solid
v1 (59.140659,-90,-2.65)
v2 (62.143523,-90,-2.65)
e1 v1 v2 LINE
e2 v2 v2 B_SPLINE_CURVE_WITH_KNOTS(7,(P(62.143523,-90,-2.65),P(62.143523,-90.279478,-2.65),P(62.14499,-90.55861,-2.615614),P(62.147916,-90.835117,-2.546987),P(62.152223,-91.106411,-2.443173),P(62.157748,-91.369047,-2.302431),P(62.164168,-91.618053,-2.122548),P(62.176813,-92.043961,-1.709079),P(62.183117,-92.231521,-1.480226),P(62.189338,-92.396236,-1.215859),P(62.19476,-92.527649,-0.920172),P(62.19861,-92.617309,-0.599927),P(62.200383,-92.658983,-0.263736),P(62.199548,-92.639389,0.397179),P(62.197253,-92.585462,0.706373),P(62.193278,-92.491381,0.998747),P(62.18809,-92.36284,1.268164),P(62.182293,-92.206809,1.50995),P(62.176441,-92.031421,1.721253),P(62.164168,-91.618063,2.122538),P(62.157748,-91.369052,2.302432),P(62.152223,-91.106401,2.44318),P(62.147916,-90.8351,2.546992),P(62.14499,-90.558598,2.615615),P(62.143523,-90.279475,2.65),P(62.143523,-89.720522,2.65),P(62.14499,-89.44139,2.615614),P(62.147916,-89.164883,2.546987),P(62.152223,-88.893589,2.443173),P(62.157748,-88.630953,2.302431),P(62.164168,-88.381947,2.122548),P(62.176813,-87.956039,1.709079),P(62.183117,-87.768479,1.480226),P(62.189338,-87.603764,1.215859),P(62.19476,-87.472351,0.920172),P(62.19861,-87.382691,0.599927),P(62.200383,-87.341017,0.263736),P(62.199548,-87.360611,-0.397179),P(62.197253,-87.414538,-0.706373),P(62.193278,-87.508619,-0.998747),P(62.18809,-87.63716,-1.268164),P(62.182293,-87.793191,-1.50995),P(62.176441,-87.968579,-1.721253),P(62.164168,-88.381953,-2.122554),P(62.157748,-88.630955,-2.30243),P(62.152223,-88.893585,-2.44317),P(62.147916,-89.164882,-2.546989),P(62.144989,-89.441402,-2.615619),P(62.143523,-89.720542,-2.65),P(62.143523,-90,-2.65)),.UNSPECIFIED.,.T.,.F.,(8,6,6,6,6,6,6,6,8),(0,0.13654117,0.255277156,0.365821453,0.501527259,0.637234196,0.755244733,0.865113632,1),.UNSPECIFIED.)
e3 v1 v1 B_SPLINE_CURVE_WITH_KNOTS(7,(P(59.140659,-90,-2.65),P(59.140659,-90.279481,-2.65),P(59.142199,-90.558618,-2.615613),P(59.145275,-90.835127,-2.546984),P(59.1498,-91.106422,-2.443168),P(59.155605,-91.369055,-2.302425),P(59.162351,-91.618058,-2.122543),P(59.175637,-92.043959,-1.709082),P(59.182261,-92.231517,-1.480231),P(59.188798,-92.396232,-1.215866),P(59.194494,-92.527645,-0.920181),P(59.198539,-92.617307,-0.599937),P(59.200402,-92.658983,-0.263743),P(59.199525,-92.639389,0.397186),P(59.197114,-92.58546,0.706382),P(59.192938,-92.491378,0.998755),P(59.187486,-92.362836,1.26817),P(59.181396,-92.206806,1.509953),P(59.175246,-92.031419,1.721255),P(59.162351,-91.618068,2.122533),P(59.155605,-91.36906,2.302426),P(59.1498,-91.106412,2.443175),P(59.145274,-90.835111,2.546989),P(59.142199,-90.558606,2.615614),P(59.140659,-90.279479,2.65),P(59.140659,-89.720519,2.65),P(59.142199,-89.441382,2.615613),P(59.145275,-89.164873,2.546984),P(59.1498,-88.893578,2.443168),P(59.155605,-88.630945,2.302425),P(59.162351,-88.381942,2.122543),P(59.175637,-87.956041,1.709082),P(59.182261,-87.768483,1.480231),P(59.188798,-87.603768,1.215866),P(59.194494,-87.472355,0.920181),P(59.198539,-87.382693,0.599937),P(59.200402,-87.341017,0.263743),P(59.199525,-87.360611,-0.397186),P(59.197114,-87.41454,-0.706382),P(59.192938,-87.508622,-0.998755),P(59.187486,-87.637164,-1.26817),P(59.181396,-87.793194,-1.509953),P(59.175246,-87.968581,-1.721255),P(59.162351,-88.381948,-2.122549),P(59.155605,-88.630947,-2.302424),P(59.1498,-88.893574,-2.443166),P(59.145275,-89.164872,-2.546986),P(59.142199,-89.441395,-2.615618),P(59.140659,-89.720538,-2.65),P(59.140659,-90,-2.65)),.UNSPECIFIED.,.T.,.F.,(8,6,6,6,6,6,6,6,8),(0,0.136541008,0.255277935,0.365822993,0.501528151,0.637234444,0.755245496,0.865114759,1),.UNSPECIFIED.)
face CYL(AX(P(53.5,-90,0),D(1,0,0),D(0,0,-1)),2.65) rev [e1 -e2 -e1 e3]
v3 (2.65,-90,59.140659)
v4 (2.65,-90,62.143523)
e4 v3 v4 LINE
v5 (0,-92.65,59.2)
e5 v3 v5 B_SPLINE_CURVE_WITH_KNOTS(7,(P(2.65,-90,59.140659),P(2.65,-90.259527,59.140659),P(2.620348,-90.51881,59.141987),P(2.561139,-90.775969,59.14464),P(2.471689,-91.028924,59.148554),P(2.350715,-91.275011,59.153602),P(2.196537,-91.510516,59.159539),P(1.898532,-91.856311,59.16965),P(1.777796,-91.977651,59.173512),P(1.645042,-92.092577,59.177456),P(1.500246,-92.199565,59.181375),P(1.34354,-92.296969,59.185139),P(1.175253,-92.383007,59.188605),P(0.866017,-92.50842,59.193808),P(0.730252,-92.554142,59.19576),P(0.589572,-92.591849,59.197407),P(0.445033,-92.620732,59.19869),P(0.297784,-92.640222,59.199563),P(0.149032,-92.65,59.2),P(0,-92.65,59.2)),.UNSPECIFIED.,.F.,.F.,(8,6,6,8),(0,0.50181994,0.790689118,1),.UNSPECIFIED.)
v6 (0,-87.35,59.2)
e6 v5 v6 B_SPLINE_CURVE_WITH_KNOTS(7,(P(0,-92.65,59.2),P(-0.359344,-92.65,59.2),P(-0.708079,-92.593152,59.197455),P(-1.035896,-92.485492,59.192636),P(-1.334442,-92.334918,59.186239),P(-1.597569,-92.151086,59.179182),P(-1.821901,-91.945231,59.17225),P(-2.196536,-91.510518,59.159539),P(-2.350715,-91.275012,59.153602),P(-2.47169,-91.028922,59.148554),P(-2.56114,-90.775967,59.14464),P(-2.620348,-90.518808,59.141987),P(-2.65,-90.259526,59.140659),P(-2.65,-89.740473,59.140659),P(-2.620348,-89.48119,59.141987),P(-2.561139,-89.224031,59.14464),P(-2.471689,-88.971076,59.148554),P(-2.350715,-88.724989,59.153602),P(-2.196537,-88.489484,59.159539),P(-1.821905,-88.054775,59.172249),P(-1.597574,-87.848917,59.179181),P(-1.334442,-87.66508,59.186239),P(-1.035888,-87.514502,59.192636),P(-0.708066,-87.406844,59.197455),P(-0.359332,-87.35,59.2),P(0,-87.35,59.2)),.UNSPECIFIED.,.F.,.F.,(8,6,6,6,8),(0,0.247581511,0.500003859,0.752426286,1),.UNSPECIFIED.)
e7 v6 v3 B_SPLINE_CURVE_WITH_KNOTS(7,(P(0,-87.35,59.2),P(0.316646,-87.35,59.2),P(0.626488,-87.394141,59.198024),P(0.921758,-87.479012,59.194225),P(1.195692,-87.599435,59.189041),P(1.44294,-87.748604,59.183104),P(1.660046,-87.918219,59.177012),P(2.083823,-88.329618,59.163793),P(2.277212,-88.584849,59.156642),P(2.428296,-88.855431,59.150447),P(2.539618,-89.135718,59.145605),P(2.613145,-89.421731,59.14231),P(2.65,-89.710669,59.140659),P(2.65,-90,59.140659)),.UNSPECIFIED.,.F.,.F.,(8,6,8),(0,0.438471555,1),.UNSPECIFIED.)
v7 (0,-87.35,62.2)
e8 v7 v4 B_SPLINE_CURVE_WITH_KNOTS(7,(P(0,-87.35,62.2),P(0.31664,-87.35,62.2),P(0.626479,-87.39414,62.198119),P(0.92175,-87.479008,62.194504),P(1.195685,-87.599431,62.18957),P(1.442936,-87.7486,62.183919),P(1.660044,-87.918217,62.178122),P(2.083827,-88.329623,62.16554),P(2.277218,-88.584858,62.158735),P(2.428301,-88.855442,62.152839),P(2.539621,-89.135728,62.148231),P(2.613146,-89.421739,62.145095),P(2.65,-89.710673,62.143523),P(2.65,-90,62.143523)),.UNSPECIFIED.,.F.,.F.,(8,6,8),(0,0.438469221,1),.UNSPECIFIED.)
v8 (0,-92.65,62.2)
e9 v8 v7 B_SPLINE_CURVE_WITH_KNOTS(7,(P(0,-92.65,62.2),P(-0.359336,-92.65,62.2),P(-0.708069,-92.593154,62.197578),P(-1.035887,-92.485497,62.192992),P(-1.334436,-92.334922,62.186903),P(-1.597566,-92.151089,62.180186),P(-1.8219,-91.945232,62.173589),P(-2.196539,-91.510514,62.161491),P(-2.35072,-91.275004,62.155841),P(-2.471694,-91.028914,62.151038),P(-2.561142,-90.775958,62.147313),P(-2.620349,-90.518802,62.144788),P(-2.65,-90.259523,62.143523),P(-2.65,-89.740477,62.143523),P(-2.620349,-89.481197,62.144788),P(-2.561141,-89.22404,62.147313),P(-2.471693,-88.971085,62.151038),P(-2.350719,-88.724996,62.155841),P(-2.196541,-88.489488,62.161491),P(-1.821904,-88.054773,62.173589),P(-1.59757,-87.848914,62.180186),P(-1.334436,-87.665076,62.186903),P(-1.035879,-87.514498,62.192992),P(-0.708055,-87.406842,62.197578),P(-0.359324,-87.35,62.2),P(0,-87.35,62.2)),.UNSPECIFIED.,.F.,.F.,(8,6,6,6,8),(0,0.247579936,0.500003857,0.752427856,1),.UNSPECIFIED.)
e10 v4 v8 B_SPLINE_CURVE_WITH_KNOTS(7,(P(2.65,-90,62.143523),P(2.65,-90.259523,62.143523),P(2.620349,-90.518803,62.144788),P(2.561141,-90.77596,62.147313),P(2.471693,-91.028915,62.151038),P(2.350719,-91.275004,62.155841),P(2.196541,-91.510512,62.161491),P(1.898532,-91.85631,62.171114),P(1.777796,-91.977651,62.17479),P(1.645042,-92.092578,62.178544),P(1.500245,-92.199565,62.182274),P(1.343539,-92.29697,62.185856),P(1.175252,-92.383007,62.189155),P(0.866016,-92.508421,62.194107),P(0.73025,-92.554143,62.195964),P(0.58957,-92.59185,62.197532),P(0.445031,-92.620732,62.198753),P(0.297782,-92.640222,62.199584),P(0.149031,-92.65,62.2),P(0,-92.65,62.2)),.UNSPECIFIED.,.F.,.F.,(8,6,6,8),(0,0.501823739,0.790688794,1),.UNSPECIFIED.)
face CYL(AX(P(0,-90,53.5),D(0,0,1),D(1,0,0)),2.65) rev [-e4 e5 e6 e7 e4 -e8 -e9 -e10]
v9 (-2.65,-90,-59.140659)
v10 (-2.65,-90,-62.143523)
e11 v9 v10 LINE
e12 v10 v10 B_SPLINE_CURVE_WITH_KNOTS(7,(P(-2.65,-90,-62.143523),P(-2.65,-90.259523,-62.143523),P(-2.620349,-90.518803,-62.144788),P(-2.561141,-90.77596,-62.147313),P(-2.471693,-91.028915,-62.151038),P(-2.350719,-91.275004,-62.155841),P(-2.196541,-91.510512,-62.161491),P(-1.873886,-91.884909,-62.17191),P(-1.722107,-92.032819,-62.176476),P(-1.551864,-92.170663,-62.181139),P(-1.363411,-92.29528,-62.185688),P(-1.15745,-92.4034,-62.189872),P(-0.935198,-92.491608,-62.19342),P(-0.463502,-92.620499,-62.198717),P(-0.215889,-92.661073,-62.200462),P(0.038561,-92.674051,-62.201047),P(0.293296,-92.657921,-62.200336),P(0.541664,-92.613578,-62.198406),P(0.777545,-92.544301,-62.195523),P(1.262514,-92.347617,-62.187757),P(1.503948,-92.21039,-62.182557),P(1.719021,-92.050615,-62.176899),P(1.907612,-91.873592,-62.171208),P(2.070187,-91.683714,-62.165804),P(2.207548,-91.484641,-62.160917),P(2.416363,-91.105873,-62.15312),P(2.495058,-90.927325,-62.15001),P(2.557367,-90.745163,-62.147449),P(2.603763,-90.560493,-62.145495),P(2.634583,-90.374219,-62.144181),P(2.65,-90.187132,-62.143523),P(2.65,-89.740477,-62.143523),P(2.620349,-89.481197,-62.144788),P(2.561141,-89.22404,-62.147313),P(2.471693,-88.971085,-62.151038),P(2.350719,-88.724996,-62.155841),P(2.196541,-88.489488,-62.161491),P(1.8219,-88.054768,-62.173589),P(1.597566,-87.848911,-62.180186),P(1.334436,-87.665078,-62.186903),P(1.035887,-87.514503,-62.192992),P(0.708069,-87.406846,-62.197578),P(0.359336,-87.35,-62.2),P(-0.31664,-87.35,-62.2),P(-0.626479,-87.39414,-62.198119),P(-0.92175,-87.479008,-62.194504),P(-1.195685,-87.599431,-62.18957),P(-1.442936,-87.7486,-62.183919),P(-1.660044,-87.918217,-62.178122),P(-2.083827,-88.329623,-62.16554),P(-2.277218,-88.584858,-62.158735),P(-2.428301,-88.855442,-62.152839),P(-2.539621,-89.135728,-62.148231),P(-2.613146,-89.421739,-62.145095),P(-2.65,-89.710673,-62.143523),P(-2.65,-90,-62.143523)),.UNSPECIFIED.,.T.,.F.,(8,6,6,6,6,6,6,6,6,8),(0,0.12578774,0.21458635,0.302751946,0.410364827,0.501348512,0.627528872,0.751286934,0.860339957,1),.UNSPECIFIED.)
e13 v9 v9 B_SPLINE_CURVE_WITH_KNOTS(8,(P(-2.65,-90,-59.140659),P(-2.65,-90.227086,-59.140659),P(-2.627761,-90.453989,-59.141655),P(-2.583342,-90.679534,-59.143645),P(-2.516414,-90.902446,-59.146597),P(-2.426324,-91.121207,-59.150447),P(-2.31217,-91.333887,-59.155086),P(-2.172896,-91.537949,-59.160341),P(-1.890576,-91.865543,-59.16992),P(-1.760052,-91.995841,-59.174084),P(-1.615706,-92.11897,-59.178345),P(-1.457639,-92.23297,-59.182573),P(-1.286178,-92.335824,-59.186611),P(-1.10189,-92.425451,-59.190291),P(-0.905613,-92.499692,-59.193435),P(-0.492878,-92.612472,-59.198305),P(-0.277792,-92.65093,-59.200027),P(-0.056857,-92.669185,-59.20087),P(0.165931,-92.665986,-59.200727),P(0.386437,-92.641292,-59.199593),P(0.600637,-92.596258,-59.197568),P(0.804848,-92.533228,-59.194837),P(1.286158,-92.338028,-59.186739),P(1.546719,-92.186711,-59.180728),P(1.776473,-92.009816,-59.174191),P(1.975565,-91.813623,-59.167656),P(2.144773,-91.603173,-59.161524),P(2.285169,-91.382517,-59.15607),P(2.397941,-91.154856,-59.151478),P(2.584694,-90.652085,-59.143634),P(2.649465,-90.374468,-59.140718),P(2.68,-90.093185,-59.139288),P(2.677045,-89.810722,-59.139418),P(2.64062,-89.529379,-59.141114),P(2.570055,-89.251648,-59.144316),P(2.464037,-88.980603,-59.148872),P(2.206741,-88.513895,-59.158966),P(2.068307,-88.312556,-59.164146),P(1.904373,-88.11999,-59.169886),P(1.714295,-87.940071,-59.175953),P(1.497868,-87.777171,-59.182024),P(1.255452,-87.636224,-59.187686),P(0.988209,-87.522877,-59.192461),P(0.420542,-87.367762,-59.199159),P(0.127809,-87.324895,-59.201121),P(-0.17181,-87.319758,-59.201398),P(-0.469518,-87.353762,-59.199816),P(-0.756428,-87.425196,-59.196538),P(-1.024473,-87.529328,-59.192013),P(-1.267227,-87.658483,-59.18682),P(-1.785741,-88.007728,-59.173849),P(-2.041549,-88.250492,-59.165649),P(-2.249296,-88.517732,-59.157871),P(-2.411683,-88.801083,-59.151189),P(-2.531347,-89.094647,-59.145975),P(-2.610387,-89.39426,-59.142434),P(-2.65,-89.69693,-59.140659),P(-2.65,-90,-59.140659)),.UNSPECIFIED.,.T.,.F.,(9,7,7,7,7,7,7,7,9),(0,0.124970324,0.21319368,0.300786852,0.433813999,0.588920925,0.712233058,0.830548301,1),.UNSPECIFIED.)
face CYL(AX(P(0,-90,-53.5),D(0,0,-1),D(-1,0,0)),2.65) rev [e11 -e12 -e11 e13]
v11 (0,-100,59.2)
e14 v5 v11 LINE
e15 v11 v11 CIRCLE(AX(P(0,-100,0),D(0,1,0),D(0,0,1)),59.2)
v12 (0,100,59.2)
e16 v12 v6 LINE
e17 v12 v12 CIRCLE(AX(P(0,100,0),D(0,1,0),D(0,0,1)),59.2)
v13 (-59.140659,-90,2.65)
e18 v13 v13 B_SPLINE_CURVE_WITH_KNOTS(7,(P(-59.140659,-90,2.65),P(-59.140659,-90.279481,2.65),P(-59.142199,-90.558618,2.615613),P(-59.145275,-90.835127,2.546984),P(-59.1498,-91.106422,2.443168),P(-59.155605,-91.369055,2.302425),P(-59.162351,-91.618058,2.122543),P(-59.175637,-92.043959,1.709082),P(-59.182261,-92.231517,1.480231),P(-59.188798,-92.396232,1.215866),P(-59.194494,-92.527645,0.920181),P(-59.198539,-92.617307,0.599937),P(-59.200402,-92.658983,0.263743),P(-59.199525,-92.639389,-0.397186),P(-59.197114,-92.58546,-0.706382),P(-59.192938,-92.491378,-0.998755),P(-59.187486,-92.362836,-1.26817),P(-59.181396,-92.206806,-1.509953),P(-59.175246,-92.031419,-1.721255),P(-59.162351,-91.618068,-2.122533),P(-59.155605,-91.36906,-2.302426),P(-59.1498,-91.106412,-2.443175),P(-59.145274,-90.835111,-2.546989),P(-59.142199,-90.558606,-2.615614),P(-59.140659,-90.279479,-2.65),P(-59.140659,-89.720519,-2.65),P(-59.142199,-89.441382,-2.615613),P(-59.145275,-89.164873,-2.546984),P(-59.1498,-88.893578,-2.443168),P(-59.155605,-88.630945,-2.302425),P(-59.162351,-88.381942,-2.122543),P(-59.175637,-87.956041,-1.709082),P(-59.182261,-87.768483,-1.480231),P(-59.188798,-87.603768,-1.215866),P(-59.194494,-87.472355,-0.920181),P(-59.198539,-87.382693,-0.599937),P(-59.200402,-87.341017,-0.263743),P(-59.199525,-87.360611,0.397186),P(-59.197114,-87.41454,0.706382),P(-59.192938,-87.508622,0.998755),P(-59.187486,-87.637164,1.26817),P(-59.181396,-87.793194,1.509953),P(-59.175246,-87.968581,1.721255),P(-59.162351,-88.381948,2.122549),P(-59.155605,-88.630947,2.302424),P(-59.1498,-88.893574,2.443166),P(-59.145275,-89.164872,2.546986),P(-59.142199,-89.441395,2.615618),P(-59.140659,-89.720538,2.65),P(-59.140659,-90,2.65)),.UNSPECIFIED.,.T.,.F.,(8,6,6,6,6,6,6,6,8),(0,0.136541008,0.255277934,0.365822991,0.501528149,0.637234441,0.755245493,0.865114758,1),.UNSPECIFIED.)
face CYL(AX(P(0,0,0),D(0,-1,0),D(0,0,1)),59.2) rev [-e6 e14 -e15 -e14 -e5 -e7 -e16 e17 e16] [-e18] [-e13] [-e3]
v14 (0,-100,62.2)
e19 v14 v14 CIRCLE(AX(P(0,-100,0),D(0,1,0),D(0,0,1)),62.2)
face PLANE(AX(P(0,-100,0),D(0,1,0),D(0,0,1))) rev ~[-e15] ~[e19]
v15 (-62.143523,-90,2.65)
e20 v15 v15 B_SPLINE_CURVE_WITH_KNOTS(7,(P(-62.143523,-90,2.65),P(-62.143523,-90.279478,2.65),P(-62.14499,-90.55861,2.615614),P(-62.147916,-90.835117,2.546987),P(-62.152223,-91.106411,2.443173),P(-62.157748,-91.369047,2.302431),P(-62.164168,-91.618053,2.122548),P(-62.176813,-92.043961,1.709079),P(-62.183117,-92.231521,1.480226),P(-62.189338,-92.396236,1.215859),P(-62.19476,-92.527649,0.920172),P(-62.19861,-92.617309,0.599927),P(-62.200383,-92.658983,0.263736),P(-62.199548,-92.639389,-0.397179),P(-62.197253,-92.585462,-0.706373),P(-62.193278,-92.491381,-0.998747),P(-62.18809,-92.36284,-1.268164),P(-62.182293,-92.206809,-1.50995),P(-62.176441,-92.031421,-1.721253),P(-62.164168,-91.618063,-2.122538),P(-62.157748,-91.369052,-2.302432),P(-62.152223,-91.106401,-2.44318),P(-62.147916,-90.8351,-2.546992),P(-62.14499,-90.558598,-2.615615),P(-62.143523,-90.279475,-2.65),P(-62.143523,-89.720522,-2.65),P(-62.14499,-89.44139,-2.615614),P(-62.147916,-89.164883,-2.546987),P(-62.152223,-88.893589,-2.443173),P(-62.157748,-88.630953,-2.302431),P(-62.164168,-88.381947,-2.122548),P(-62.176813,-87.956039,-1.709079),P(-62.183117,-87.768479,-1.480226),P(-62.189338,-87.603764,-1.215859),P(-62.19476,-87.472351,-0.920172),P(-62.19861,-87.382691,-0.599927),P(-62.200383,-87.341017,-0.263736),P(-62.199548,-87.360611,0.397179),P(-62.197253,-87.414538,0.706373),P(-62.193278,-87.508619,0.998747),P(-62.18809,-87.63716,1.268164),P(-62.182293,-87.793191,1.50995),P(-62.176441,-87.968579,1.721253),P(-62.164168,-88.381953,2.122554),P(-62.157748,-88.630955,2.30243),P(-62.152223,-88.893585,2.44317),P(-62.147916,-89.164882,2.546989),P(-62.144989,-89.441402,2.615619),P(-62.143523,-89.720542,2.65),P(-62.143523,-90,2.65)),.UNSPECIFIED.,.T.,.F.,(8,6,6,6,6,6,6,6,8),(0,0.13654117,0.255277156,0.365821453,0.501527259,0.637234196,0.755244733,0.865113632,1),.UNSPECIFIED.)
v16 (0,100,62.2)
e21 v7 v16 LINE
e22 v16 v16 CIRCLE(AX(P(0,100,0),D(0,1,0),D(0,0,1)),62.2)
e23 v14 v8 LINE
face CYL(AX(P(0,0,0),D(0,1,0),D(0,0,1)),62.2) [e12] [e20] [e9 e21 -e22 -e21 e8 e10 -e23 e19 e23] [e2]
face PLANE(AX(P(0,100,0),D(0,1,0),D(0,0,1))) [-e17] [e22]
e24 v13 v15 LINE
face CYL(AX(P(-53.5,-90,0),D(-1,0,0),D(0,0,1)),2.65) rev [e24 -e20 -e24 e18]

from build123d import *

# Parameters (mm, degrees)
IZIM1_R                     = 62.2
IZIM1_R_2                   = 59.2
Y_KSEKLIK_EKSTR_ZYON1_DEPTH = 100
DAIRESEL_KAPLAMA1_COUNT     = 4


with BuildPart() as part:
    # Çizim1 → Yükseklik-Ekstrüzyon1 (new, symmetric)
    with BuildSketch(Plane(origin=(0, 0, 0), x_dir=(1, 0, 0), z_dir=(0, 1, 0))):
        with Locations(Location((0, 0, 0), (0, 0, 270))):
            Circle(IZIM1_R)
        with Locations(Location((0, 0, 0), (0, 0, 270))):
            Circle(IZIM1_R_2, mode=Mode.SUBTRACT)
    extrude(amount=Y_KSEKLIK_EKSTR_ZYON1_DEPTH, both=True)

    # Çizim10 → M5 Boşluklu Delik1 (revolve, cut)
    with BuildSketch(Plane(origin=(62.2, -90, 0), x_dir=(0, 0, -1), z_dir=(0, 1, 0))):
        Polygon((0, 0), (0, 10.29228064), (2.65, 8.7), (2.65, 0), align=None)
    m5_bo_luklu_delik1 = revolve(axis=Axis((68.55, -90, 0), (-1, 0, 0)), mode=Mode.SUBTRACT)

    # Dairesel Kaplama1: M5 Boşluklu Delik1 ×4 about axis
    dairesel_kaplama1_axis = Axis((0, -100, 0), (0, 1, 0))
    for i in range(1, DAIRESEL_KAPLAMA1_COUNT):
        add(m5_bo_luklu_delik1.rotate(dairesel_kaplama1_axis, i * 360 / DAIRESEL_KAPLAMA1_COUNT), mode=Mode.SUBTRACT)


solid = part.part
